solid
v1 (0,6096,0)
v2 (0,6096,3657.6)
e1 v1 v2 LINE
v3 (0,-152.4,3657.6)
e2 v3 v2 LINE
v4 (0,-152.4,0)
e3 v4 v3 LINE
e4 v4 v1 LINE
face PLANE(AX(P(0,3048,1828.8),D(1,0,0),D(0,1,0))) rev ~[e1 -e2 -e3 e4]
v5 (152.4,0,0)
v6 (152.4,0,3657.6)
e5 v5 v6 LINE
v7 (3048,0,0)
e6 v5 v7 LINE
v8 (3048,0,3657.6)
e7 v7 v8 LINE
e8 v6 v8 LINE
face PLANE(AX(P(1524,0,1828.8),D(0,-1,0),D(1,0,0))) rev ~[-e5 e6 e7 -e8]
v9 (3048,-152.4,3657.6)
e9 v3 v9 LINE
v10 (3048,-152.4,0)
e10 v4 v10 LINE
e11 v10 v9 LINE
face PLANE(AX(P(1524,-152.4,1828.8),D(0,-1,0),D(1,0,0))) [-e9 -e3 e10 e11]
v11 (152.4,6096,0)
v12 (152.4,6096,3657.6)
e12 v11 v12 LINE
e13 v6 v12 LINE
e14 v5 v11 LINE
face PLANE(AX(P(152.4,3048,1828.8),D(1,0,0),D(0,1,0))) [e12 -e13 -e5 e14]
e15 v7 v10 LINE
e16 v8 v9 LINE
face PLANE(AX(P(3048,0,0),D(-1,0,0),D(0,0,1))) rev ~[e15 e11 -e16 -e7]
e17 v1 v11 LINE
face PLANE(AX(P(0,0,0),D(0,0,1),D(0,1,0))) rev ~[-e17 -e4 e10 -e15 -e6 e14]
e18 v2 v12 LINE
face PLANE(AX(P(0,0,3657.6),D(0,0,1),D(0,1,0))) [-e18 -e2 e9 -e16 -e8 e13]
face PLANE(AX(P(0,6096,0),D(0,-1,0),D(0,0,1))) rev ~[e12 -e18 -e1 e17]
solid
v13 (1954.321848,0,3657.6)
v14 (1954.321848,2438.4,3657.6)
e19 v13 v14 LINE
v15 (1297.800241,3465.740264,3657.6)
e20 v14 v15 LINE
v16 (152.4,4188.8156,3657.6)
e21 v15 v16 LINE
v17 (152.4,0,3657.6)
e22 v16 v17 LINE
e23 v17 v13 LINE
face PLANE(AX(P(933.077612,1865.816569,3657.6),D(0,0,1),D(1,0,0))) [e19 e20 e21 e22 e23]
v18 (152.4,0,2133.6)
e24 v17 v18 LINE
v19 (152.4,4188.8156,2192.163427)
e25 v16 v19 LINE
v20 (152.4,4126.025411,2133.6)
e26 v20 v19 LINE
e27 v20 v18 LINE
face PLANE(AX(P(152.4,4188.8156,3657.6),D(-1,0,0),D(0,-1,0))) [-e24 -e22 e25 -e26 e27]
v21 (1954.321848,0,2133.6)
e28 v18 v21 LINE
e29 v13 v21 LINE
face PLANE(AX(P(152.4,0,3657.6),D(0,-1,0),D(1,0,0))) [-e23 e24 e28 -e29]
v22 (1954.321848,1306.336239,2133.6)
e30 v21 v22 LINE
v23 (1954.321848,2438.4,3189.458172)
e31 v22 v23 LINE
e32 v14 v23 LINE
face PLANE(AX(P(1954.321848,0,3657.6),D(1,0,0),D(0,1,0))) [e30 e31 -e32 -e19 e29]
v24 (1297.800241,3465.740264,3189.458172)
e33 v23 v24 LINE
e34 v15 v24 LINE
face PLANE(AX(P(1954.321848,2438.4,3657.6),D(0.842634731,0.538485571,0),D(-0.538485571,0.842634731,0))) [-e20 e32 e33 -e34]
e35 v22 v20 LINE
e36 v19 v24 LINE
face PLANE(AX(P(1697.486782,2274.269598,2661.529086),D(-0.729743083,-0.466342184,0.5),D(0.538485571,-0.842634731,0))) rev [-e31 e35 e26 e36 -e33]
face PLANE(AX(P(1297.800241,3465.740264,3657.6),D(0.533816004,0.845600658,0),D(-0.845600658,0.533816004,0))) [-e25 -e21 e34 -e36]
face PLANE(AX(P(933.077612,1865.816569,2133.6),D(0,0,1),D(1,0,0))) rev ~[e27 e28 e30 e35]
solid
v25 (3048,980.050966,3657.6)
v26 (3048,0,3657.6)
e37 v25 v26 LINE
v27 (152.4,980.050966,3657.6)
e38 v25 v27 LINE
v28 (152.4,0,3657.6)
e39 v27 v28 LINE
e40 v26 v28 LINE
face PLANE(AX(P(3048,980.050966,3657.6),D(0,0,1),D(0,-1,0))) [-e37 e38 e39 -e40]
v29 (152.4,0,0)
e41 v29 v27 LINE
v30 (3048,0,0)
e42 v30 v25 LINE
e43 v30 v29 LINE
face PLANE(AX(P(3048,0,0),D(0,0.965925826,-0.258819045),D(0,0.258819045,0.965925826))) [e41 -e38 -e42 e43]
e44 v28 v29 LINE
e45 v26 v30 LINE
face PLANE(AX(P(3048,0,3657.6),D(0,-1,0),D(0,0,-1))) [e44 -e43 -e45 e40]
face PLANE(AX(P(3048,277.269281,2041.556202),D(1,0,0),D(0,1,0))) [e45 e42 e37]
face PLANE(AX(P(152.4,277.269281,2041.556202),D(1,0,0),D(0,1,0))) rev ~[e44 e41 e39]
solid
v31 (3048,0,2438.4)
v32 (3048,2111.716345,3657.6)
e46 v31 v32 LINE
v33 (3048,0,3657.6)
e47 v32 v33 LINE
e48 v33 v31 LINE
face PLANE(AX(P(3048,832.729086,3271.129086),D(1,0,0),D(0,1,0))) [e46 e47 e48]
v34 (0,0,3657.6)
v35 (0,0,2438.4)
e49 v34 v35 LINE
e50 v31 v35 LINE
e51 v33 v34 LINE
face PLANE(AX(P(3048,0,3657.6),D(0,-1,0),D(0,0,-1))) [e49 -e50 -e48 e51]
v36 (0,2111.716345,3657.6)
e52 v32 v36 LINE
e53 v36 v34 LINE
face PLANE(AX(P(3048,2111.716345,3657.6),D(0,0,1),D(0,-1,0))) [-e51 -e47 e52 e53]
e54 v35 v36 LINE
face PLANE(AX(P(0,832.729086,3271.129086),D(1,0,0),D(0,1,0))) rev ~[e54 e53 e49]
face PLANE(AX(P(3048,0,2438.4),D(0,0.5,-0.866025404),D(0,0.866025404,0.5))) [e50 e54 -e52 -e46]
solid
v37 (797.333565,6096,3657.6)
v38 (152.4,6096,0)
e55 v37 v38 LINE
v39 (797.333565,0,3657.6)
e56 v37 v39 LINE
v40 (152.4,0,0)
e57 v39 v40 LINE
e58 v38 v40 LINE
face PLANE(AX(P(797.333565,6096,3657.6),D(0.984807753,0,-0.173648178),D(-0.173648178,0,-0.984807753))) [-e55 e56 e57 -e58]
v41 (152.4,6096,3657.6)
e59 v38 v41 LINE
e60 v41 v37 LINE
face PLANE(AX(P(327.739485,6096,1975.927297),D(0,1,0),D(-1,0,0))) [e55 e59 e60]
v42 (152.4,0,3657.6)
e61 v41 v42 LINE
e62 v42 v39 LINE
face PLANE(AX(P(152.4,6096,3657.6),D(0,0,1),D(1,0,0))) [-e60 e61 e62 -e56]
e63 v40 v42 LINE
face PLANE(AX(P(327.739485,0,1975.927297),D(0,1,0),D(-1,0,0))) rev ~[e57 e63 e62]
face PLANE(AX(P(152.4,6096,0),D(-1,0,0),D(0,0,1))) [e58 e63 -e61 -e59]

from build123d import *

# Parameters (mm, degrees)
F0_W      = 3048
F0_H      = 3657.6
F1_DEPTH  = 152.4
F2_W      = 6096
F2_H      = 3657.6
F3_DEPTH  = 152.4
F5_DEPTH  = 2895.6
F7_DEPTH  = 1524
F8_SIZE2  = 1055.858172294
F8_SIZE   = 609.6
F10_DEPTH = 6096
F12_DEPTH = 3048


with BuildPart() as f1:
    # F0 (on Front) → F1 (new body)
    with BuildSketch(Plane.XZ):
        with Locations((1524, 1828.8)):
            Rectangle(F0_W, F0_H)
    extrude(amount=F1_DEPTH)

    # F2 (on Right) → F3 (join)
    with BuildSketch(Plane.YZ):
        with Locations((3048, 1828.8)):
            Rectangle(F2_W, F2_H)
    extrude(amount=F3_DEPTH)


with BuildPart() as f5:
    # F4 (on face) → F5 (new body, through all)
    with BuildSketch(Plane.YZ.offset(3048)):
        Polygon((0, 3657.6), (0, 0), (980.0509662361, 3657.6), align=None)
    extrude(amount=-F5_DEPTH)


with BuildPart() as f7:
    # F6 (on face) → F7 (new body)
    with BuildSketch(Plane.XY.offset(3657.6)):
        Polygon((1954.3218483143, 2438.4), (1297.8002407542, 3465.7402643753), (152.4, 4188.8156), (152.4, 0), (1954.3218483143, 0), align=None)
    extrude(amount=-F7_DEPTH)

    # F8
    f8_edges = [f7.edges().sort_by_distance(p)[0] for p in [
        (1626.061045, 2952.070132, 2133.6),
    ]]
    f8_side = f7.faces().sort_by_distance((982.966719, 1787.996346, 2133.6))[0]
    chamfer(f8_edges, length=F8_SIZE, length2=F8_SIZE2, reference=f8_side)


with BuildPart() as f10:
    # F9 (on face) → F10 (new body)
    with BuildSketch(Plane(origin=(0, 6096, 0), x_dir=(-1, 0, 0), z_dir=(0, 1, 0))):
        Polygon((-797.3335646393, 3657.6), (-152.4, 0), (-152.4, 3657.6), align=None)
    extrude(amount=-F10_DEPTH)


with BuildPart() as f12:
    # F11 (on face) → F12 (new body)
    with BuildSketch(Plane.YZ.offset(3048)):
        Polygon((2111.716344588, 3657.6), (0, 3657.6), (0, 2438.4), align=None)
    extrude(amount=-F12_DEPTH)


solid = Compound([f1.part, f5.part, f7.part, f10.part, f12.part])
